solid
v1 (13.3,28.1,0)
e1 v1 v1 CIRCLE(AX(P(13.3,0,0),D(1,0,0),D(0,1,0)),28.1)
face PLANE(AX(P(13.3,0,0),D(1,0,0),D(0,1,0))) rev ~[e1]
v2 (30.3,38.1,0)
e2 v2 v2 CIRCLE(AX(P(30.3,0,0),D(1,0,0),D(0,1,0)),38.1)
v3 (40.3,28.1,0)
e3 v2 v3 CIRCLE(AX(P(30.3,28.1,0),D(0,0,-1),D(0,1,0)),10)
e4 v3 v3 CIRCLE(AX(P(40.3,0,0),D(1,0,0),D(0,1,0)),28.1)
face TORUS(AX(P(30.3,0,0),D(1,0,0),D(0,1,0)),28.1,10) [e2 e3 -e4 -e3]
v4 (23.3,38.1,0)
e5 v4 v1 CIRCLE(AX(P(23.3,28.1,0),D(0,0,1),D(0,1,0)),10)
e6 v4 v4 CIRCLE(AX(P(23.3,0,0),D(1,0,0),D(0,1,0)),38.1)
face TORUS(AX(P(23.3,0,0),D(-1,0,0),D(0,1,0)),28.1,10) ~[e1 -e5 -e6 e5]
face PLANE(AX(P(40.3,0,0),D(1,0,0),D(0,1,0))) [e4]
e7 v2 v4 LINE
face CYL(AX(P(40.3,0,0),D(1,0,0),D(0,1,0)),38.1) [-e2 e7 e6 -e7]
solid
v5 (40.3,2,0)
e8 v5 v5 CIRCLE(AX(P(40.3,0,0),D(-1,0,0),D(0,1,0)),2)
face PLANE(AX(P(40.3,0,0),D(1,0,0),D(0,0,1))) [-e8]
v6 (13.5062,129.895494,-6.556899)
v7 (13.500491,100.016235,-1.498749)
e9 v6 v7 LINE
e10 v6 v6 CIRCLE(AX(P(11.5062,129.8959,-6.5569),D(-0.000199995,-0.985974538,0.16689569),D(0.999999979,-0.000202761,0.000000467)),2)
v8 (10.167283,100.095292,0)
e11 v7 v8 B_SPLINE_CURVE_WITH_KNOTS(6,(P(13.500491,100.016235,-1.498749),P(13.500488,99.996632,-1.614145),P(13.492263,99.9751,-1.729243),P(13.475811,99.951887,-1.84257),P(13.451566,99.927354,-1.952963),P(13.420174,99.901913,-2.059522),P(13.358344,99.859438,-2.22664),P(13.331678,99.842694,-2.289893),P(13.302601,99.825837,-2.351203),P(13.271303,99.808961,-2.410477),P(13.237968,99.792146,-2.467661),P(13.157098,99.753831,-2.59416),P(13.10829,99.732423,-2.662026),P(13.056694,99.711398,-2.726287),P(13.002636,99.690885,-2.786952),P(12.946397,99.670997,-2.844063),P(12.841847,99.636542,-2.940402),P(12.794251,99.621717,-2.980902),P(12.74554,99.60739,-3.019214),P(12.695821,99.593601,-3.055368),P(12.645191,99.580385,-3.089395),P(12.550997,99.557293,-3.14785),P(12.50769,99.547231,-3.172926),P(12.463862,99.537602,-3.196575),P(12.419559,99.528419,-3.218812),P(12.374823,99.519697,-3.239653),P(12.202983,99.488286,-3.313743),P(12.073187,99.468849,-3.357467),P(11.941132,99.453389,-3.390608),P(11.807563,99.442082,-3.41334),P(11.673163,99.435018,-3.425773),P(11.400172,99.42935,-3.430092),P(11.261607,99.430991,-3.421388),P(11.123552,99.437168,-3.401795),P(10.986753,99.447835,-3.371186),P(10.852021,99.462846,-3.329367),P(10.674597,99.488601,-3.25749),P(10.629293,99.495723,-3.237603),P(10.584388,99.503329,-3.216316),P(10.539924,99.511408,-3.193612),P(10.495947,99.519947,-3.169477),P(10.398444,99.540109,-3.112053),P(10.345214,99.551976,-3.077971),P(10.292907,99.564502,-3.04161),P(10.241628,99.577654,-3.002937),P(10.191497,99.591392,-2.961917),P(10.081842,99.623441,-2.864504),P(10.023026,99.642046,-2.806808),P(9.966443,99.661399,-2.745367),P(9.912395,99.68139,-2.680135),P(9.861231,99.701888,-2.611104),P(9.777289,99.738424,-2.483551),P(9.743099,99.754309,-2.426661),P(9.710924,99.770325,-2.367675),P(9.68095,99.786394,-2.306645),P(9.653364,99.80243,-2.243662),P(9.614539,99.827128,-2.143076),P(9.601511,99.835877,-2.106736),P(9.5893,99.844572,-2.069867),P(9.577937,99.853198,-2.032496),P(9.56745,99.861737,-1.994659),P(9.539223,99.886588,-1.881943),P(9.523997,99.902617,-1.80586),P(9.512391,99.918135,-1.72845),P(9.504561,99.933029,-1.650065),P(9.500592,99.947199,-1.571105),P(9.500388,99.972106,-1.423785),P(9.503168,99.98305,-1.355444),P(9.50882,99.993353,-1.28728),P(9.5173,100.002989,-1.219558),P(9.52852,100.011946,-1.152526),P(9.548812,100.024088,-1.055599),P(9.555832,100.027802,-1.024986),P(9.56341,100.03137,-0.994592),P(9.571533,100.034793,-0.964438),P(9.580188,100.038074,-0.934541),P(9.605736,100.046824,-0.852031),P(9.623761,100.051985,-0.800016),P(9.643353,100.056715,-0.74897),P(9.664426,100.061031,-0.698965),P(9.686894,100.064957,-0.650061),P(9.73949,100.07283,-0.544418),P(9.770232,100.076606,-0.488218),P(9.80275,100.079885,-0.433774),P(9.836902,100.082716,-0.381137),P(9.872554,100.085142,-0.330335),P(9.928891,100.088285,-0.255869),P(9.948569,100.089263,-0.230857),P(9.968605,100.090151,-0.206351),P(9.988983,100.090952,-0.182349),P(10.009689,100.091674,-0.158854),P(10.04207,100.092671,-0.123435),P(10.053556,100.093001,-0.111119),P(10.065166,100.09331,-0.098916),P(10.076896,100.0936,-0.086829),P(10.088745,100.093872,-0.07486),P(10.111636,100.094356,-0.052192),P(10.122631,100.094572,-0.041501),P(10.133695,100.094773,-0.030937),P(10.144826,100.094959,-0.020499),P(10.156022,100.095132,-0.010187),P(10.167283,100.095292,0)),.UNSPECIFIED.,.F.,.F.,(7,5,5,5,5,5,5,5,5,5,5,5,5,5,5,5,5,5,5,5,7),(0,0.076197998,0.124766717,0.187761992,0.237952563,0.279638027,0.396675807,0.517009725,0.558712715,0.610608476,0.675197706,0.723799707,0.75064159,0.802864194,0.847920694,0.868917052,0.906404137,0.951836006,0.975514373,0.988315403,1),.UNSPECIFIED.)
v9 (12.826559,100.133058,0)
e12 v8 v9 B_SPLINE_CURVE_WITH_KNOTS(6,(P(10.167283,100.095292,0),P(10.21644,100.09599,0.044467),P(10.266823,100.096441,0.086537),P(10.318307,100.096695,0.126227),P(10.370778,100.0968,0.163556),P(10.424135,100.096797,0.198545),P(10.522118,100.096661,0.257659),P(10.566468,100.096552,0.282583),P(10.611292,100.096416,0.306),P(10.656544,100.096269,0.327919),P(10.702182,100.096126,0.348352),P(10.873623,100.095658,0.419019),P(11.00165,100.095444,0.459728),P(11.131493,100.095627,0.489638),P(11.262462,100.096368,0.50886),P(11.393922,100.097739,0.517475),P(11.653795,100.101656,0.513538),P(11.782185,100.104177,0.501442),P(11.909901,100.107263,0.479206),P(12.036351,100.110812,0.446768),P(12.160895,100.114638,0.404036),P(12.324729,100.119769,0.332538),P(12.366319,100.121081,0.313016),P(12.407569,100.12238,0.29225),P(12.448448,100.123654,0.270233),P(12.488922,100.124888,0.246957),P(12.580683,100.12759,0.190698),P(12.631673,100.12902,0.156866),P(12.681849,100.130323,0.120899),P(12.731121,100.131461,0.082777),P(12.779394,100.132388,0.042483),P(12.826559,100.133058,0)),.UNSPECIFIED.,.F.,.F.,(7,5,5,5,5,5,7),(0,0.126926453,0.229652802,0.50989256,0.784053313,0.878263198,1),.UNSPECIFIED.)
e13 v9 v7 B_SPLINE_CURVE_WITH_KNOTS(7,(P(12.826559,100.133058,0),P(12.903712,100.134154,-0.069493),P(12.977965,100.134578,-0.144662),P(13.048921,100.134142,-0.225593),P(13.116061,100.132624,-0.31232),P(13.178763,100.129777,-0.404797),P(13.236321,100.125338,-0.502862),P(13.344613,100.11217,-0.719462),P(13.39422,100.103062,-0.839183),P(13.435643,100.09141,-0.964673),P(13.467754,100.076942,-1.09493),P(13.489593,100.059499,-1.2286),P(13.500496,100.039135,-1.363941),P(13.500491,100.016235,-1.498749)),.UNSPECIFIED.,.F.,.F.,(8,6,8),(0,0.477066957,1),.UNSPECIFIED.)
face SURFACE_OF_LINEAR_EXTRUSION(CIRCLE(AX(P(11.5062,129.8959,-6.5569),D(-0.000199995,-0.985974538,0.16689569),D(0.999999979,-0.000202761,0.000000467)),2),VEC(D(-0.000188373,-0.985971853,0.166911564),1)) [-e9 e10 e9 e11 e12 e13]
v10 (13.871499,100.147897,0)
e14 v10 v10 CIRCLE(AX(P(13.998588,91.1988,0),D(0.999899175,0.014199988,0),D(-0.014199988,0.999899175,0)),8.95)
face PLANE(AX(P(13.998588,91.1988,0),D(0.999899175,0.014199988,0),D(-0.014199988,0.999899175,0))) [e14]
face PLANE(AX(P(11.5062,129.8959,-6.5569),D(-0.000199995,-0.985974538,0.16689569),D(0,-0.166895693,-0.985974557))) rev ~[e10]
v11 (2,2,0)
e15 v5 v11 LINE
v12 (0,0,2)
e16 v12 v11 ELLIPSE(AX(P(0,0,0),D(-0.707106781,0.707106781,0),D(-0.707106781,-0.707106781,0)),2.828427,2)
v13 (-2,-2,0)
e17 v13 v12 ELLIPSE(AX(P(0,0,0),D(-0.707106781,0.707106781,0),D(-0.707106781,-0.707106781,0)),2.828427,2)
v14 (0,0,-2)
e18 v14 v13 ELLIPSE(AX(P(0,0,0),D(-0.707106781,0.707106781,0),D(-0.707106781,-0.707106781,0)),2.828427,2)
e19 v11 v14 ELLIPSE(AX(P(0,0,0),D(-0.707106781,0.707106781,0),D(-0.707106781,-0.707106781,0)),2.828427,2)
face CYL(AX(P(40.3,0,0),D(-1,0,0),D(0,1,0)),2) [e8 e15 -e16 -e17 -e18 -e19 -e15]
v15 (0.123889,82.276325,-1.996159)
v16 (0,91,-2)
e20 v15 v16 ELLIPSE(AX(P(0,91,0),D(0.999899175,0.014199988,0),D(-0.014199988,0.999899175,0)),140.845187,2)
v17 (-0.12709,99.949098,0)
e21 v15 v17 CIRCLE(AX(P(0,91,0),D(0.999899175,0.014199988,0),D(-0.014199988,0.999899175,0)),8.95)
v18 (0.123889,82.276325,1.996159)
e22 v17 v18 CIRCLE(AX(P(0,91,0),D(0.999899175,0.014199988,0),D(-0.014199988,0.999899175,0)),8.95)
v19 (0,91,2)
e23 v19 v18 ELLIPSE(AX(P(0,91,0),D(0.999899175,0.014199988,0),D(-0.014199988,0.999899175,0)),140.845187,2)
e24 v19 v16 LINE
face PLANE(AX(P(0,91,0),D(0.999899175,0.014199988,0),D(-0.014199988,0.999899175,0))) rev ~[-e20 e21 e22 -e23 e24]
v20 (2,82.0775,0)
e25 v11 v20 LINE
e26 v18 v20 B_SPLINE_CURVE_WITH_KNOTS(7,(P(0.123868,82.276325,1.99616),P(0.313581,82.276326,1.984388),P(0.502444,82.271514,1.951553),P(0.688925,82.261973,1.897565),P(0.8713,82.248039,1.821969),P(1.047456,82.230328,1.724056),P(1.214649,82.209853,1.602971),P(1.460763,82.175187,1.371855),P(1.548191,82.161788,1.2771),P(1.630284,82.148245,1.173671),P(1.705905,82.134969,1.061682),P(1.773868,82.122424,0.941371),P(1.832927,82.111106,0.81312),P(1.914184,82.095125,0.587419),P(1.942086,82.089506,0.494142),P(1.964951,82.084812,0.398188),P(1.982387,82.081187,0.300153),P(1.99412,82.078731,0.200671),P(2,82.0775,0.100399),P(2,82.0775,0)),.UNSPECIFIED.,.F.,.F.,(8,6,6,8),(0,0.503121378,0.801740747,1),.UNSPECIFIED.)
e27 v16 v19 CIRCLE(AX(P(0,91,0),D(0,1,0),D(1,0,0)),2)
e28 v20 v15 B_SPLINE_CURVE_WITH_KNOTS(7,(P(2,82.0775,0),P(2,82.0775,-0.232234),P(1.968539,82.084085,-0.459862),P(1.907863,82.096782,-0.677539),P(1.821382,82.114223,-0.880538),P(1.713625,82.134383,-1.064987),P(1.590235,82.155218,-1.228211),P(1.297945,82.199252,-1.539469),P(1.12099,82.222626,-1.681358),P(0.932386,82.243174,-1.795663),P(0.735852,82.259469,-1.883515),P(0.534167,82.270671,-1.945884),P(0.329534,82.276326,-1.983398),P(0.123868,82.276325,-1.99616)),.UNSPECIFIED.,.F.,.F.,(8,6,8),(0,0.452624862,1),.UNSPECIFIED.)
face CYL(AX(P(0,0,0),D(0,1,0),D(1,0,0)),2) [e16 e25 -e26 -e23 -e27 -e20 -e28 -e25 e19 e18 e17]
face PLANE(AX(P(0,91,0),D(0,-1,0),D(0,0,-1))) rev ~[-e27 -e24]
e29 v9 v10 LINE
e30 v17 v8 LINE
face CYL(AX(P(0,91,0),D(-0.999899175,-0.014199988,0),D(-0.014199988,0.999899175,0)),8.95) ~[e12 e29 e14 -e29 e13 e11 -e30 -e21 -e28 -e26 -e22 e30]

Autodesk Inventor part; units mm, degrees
ref_plane "Work Plane1" through (0, 91, 0) normal (0.9999, 0.0142, 0) x (-0.0142, 0.9999, 0)
sketch "Sketch1" plane through (0, 91, 0) normal (0.9999, 0.0142, 0) x (-0.0142, 0.9999, 0)
  circle A0 centre (0, 0) radius 8.95
  point P0 (-90.9908, 0)
  dimension "d3" = 17.9
extrude "Extrusion1" add sketch "Sketch1" along normal blind 14
ref_plane "Work Plane2" through (40.3, 0, 0) normal (1, 0, 0) x (0, 1, 0)
sketch "Sketch2" plane through (40.3, 0, 0) normal (1, 0, 0) x (0, 1, 0)
  circle A0 centre (0, 0) radius 2
  dimension "d6" = 4
ref_plane "Work Plane3" through (11.5062, 129.8959, -6.5569) normal (-0.0002, -0.986, 0.1669) x (1, -0.0002, 0)
sketch "Sketch3" plane through (11.5062, 129.8959, -6.5569) normal (-0.0002, -0.986, 0.1669) x (1, -0.0002, 0)
  circle A0 centre (0, 0) radius 2
  point P0 (-11.4815, -15.2165)
  dimension "d7" = 4
sketch3d "3D Sketch1"
  line L0 (11.5062, 129.8959, -6.5569) -> (11.4988, 91.1633, 0)
  dimension "d0" = 40.3
  dimension "d1" = 91
  dimension "d2" = 11.5
sweep "Sweep1" add profiles "Sketch3" path "3D Sketch1"
sketch3d "3D Sketch1 for Sweep2"
  line L0 (40.3, 0, 0) -> (0, 0, 0)
  line L1 (0, 0, 0) -> (0, 91, 0)
  dimension "d0" = 40.3
  dimension "d1" = 91
  dimension "d2" = 11.5
sweep "Sweep2" add profiles "Sketch2" path "3D Sketch1 for Sweep2"
sketch "Sketch4" plane through (40.3, 0, 0) normal (1, 0, 0) x (0, 1, 0)
  circle A0 centre (0, 0) radius 38.1
  dimension "d12" = 76.2
extrude "Extrusion2" add sketch "Sketch4" against normal blind 27 separate body
fillet "Fillet1" radius 10 2 edges at (40.3, -38.1, 0) (13.3, -38.1, 0)
properties part number "Nose Gear Rod and Wheel"
